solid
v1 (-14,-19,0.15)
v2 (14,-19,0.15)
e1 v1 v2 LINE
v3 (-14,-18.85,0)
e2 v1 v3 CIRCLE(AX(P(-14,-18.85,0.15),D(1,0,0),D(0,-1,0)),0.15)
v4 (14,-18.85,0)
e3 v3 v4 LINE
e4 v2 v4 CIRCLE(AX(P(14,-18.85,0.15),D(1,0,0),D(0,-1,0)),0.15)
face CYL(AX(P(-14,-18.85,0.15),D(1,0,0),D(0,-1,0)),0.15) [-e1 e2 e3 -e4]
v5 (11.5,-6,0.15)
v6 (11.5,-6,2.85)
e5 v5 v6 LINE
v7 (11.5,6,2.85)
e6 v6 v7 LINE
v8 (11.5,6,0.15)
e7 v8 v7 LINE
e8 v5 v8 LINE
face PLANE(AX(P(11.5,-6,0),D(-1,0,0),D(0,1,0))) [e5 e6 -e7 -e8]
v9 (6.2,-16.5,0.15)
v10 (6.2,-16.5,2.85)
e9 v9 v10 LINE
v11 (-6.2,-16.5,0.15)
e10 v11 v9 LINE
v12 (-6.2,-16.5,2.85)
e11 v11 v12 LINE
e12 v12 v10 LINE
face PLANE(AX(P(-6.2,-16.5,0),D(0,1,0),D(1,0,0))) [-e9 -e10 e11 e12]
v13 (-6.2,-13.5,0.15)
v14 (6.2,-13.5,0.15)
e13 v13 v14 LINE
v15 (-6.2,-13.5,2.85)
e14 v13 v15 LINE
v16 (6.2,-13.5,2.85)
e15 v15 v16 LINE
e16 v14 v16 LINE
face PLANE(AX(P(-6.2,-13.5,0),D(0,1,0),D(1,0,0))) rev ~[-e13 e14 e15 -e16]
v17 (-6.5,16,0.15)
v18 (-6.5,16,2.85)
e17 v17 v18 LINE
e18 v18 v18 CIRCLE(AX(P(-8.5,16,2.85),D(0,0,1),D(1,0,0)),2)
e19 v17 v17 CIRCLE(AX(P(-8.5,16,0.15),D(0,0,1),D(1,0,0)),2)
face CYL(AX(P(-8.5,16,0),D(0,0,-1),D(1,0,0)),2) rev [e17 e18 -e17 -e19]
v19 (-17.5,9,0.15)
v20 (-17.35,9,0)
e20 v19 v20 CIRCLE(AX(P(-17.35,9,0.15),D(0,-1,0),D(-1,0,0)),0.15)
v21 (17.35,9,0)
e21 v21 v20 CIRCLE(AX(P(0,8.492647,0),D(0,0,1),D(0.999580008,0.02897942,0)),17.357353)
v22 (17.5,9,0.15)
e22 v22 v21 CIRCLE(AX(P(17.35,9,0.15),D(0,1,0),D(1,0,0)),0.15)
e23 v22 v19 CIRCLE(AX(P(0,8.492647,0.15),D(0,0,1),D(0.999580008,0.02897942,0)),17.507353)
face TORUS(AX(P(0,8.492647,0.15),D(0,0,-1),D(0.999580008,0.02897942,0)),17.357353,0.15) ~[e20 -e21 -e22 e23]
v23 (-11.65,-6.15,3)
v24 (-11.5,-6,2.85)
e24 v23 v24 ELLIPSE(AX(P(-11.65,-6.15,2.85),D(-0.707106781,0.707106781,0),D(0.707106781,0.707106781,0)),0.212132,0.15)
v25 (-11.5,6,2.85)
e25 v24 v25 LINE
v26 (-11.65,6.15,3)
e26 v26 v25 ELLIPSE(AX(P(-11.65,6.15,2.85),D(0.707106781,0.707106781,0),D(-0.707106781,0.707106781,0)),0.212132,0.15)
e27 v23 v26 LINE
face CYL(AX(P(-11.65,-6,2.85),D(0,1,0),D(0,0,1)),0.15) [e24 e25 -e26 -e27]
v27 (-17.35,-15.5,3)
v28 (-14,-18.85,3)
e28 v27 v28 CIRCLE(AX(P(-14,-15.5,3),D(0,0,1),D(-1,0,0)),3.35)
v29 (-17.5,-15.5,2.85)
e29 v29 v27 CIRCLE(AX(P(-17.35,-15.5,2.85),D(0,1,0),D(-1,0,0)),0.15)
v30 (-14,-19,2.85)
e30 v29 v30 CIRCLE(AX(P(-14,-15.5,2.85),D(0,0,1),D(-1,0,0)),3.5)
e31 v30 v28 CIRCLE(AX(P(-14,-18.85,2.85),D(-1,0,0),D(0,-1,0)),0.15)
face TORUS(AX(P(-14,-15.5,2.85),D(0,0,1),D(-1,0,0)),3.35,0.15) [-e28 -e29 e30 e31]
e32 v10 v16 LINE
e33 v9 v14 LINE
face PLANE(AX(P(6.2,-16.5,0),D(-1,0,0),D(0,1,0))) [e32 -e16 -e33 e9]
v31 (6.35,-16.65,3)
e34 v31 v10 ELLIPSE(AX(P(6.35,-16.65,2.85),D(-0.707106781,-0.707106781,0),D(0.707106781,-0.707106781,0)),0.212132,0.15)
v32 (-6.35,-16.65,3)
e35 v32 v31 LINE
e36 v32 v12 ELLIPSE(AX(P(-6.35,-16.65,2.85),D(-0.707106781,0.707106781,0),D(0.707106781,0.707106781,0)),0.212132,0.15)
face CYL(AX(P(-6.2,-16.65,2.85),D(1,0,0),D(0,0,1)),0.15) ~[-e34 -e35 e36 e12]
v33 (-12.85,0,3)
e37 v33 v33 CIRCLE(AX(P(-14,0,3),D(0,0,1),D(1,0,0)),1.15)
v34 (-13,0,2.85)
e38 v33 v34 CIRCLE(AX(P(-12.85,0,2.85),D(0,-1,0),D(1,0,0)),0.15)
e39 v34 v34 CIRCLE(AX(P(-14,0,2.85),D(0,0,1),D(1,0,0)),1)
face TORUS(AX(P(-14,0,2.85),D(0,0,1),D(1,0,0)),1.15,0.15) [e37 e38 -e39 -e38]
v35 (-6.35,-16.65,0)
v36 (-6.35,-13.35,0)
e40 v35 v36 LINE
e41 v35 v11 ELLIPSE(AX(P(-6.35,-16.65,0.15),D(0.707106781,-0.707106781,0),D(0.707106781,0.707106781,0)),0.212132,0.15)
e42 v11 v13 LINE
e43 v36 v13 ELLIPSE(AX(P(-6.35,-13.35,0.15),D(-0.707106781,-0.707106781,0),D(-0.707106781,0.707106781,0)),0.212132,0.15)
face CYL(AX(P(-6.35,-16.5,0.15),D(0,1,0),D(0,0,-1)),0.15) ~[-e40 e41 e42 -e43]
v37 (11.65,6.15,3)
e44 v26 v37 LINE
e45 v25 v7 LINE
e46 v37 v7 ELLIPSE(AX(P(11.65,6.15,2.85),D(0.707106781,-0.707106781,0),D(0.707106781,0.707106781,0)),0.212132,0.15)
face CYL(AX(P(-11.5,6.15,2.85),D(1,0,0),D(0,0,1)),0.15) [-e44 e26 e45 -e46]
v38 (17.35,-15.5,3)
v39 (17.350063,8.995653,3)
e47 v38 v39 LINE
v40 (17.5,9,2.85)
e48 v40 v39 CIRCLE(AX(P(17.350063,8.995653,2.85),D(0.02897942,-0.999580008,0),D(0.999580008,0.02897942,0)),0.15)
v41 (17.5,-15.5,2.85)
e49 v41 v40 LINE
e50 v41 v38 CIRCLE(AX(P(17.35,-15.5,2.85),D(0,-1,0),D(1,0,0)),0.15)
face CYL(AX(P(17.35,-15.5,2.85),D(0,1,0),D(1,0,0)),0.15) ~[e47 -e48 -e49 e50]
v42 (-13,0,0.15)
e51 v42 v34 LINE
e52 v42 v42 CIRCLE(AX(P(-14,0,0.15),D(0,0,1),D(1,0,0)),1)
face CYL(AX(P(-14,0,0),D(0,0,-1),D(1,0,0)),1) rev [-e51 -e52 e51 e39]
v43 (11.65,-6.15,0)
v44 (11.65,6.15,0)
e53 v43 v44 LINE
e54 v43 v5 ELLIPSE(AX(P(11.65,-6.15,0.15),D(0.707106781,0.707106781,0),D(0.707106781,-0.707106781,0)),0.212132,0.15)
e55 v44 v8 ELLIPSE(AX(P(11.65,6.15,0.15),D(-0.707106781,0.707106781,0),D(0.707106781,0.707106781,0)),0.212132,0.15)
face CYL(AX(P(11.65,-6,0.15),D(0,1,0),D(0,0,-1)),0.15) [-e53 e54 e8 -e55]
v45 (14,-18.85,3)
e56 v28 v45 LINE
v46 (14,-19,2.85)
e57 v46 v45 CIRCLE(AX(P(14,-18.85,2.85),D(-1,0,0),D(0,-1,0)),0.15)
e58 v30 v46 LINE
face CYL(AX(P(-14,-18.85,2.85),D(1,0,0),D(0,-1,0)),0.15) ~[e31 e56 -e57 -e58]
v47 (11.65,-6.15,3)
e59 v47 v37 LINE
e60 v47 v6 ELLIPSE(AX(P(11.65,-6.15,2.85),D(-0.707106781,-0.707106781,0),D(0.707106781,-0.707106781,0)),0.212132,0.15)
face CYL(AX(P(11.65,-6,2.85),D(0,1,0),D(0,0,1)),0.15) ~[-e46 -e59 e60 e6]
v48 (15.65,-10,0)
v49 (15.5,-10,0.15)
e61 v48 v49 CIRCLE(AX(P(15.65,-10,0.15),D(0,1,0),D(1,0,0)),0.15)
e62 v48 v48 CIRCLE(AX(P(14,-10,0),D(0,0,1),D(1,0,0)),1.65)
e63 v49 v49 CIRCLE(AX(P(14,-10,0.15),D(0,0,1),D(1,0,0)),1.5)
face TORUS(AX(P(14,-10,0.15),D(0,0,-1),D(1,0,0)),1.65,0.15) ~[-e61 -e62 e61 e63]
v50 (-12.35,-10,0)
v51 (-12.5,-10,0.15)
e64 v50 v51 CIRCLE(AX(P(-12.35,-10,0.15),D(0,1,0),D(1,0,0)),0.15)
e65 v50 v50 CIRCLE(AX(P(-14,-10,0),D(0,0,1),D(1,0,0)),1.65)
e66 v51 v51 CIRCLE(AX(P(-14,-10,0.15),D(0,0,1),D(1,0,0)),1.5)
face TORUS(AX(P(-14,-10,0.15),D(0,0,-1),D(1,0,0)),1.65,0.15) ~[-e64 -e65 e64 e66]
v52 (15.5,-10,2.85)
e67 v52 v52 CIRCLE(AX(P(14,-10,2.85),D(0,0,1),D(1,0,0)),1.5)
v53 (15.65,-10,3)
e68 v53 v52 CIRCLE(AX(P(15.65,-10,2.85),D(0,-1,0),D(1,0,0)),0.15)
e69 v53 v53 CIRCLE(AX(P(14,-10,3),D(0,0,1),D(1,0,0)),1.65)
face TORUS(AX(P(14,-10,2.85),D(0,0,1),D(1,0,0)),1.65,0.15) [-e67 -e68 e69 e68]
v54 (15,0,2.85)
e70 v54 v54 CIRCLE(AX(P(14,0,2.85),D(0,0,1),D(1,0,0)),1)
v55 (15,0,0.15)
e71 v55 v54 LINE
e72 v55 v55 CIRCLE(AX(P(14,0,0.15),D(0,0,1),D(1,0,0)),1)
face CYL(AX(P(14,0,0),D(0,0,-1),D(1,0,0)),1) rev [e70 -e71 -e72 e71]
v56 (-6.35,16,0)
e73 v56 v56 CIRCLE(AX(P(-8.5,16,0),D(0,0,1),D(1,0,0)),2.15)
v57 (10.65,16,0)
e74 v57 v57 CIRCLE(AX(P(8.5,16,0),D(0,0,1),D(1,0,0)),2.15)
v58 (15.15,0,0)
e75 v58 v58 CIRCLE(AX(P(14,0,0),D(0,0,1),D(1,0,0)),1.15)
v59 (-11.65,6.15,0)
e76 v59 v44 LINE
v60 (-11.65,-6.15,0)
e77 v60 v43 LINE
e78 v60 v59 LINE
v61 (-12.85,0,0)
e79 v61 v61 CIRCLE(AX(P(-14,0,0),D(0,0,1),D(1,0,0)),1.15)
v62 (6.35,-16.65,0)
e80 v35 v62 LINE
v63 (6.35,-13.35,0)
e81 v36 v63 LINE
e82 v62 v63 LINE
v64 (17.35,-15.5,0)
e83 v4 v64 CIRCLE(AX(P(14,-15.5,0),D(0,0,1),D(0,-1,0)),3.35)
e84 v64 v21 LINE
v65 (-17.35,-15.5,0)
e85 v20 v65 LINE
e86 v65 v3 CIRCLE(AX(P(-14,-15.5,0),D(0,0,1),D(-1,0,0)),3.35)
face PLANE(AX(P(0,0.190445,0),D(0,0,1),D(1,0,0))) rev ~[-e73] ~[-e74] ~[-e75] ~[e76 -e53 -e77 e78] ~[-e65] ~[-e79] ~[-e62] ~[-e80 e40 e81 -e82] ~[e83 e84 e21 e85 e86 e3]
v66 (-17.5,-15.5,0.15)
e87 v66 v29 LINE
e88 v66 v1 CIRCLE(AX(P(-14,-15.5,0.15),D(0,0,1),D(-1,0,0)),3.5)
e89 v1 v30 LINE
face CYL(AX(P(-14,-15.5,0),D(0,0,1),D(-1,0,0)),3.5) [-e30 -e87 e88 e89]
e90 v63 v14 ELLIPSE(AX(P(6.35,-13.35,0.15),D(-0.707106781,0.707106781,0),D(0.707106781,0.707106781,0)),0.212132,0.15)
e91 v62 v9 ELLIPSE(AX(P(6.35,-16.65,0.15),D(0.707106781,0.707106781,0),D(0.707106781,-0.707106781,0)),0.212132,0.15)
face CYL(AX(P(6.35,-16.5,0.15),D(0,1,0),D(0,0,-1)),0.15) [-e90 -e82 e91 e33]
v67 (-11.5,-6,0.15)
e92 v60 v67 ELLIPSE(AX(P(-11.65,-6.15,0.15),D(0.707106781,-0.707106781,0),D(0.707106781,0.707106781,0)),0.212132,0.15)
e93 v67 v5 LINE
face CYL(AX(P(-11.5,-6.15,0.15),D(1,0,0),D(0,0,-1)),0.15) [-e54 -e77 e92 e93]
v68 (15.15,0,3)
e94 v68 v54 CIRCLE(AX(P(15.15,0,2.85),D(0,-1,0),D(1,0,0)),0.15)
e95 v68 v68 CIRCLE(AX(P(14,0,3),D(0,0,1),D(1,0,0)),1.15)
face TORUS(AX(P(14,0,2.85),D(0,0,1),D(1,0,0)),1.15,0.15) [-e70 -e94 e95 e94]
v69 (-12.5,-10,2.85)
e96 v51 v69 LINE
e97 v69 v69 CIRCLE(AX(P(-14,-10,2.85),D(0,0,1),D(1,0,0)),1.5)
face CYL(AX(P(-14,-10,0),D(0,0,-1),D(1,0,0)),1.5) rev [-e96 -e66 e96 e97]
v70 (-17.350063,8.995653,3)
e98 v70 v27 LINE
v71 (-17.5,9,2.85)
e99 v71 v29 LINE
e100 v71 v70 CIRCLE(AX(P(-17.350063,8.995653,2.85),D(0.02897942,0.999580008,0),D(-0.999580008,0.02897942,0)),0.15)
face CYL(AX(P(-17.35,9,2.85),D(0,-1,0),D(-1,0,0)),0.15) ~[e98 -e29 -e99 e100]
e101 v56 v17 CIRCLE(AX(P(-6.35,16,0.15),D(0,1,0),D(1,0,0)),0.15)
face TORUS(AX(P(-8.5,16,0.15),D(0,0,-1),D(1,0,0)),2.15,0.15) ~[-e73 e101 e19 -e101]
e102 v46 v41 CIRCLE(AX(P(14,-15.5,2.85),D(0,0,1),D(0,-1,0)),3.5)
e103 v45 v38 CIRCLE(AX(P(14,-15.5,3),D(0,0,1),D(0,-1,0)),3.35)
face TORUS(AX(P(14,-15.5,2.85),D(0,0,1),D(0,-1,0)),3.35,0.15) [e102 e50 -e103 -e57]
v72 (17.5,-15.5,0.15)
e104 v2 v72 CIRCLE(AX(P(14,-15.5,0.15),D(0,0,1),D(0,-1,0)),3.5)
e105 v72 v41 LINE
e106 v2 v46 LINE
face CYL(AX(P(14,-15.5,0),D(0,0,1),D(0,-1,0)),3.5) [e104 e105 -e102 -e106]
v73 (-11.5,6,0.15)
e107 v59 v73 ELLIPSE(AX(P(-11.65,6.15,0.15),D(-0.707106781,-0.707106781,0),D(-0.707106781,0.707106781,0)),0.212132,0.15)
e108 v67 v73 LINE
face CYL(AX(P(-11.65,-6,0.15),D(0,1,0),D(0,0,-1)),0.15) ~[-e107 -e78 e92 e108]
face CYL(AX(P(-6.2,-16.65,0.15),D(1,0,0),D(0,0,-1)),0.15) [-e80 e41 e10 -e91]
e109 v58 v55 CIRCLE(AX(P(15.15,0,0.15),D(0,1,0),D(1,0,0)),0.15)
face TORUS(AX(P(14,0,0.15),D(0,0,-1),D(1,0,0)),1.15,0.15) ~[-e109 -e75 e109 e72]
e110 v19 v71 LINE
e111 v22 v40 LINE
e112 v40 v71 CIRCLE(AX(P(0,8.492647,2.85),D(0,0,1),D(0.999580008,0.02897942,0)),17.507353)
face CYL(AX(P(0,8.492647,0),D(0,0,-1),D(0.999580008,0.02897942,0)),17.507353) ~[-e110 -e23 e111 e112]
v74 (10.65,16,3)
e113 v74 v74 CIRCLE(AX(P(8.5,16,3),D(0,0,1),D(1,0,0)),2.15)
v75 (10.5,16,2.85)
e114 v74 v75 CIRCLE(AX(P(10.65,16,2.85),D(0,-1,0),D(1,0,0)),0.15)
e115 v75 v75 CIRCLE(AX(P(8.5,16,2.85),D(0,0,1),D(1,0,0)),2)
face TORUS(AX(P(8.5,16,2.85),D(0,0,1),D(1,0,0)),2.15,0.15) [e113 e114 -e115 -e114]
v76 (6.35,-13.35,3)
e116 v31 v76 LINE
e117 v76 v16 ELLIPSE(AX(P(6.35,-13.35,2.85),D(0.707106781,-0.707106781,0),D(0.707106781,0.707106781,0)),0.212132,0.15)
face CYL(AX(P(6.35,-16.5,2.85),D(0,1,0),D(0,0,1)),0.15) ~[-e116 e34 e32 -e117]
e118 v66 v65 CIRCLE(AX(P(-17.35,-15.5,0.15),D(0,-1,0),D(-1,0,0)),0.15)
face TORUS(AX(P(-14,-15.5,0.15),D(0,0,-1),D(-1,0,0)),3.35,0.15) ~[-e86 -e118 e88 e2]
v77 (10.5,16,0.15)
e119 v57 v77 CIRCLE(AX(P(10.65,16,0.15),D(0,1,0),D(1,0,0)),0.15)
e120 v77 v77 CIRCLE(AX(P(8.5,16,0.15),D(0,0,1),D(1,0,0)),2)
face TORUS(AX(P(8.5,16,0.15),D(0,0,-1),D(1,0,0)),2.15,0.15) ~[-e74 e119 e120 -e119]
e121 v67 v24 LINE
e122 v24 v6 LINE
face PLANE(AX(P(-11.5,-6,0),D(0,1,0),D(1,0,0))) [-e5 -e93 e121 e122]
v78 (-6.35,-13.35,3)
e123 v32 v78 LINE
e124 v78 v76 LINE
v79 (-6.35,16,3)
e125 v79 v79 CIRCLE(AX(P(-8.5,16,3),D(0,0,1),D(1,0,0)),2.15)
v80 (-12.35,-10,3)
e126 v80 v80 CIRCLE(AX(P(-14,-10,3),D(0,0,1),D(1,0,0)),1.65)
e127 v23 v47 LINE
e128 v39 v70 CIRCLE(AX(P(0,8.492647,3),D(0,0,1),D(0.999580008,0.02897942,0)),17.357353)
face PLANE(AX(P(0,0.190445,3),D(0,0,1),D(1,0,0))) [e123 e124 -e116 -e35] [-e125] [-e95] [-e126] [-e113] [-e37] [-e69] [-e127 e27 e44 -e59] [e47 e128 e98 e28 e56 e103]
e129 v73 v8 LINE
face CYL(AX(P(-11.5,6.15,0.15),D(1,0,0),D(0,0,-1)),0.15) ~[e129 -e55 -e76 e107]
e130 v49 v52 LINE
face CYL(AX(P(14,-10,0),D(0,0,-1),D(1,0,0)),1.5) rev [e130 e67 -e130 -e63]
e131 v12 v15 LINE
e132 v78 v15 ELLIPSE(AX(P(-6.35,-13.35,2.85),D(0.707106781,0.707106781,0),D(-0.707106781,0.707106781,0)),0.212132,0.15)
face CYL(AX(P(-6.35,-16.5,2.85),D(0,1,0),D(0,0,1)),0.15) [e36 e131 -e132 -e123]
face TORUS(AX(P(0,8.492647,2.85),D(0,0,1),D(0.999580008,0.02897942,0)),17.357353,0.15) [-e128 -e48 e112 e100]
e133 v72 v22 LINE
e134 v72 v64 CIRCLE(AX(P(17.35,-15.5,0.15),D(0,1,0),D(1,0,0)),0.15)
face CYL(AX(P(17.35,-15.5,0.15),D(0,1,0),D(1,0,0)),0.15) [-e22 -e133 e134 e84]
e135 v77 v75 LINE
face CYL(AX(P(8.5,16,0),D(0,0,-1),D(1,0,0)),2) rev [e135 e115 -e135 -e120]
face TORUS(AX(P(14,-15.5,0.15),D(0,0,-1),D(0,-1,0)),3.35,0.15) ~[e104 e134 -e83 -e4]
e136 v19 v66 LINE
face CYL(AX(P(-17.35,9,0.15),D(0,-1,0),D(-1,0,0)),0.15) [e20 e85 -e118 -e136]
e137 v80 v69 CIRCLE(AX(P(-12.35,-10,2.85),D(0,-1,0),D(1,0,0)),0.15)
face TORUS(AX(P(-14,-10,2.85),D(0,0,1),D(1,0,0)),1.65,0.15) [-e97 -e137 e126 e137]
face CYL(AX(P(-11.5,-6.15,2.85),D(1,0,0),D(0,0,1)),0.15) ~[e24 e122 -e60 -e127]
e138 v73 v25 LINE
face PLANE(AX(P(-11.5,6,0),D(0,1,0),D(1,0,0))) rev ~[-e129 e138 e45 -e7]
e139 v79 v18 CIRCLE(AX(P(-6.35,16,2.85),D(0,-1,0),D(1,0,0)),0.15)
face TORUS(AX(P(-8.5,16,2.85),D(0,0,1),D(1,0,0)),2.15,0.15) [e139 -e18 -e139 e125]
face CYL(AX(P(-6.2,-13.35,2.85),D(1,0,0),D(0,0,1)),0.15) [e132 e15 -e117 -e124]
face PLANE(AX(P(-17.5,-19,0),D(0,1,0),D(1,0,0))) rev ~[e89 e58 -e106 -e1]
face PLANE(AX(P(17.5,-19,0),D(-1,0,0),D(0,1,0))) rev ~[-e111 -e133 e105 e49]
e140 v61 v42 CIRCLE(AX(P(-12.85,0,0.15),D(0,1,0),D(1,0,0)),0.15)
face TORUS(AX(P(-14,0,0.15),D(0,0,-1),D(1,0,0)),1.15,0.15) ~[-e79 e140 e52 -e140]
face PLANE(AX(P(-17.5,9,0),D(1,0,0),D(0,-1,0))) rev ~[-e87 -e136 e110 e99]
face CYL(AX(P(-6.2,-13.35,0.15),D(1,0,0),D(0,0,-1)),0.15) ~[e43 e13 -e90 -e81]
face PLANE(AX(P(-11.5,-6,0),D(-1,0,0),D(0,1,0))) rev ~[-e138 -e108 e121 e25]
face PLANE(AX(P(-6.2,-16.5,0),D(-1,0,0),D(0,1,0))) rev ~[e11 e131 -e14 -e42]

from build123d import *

# Parameters (mm, degrees)
SKETCH1_R           = 1
SKETCH1_R_2         = 1.5
SKETCH1_R_3         = 2
SKETCH1_W           = 23
SKETCH1_H           = 12
SKETCH1_W_2         = 12.4
SKETCH1_H_2         = 3
BOSS_EXTRUDE1_DEPTH = 3
FILLET1_R           = 3.5
FILLET2_R           = 0.15


with BuildPart() as part:
    # Sketch1 → Boss-Extrude1 (new body)
    with BuildSketch(Plane.XY):
        with BuildLine():
            Line((-17.5, 9), (-17.5, -19))
            Line((-17.5, -19), (17.5, -19))
            Line((17.5, -19), (17.5, 9))
            ThreePointArc((17.5, 9), (0, 26), (-17.5, 9))
        make_face()
        with Locations((-14, 0)):
            Circle(SKETCH1_R, mode=Mode.SUBTRACT)
        with Locations((-14, -10)):
            Circle(SKETCH1_R_2, mode=Mode.SUBTRACT)
        with Locations((-8.5, 16)):
            Circle(SKETCH1_R_3, mode=Mode.SUBTRACT)
        with Locations((14, -10)):
            Circle(SKETCH1_R_2, mode=Mode.SUBTRACT)
        with Locations((14, 0)):
            Circle(SKETCH1_R, mode=Mode.SUBTRACT)
        with Locations((8.5, 16)):
            Circle(SKETCH1_R_3, mode=Mode.SUBTRACT)
        Rectangle(SKETCH1_W, SKETCH1_H, mode=Mode.SUBTRACT)
        with Locations((0, -15)):
            Rectangle(SKETCH1_W_2, SKETCH1_H_2, mode=Mode.SUBTRACT)
    extrude(amount=BOSS_EXTRUDE1_DEPTH)

    # Fillet1
    fillet1_edges = [part.edges().sort_by_distance(p)[0] for p in [
        (17.5, -19, 1.5),
        (-17.5, -19, 1.5),
    ]]
    fillet(fillet1_edges, radius=FILLET1_R)

    # Fillet2
    fillet2_edges = [part.edges().sort_by_distance(p)[0] for p in [
        (-11.5, 0, 0),
        (0, -6, 0),
        (11.5, 0, 0),
        (0, 6, 0),
        (-11.5, 0, 3),
        (0, -6, 3),
        (11.5, 0, 3),
        (0, 6, 3),
        (-15, 0, 0),
        (-15, 0, 3),
        (-15.5, -10, 0),
        (-15.5, -10, 3),
        (-6.2, -15, 0),
        (0, -16.5, 0),
        (6.2, -15, 0),
        (0, -13.5, 0),
        (-6.2, -15, 3),
        (0, -16.5, 3),
        (6.2, -15, 3),
        (0, -13.5, 3),
        (0, 26, 3),
        (-10.5, 16, 0),
        (-10.5, 16, 3),
        (12.5, -10, 0),
        (12.5, -10, 3),
        (-17.5, -3.25, 0),
        (13, 0, 0),
        (13, 0, 3),
        (0, 26, 0),
        (6.5, 16, 0),
        (6.5, 16, 3),
        (17.5, -3.25, 0),
        (17.5, -3.25, 3),
        (0, -19, 0),
        (-17.5, -3.25, 3),
        (-16.474873734, -17.974873734, 0),
        (16.474873734, -17.974873734, 0),
        (0, -19, 3),
        (-16.474873734, -17.974873734, 3),
        (16.474873734, -17.974873734, 3),
    ]]
    fillet(fillet2_edges, radius=FILLET2_R)


solid = part.part
